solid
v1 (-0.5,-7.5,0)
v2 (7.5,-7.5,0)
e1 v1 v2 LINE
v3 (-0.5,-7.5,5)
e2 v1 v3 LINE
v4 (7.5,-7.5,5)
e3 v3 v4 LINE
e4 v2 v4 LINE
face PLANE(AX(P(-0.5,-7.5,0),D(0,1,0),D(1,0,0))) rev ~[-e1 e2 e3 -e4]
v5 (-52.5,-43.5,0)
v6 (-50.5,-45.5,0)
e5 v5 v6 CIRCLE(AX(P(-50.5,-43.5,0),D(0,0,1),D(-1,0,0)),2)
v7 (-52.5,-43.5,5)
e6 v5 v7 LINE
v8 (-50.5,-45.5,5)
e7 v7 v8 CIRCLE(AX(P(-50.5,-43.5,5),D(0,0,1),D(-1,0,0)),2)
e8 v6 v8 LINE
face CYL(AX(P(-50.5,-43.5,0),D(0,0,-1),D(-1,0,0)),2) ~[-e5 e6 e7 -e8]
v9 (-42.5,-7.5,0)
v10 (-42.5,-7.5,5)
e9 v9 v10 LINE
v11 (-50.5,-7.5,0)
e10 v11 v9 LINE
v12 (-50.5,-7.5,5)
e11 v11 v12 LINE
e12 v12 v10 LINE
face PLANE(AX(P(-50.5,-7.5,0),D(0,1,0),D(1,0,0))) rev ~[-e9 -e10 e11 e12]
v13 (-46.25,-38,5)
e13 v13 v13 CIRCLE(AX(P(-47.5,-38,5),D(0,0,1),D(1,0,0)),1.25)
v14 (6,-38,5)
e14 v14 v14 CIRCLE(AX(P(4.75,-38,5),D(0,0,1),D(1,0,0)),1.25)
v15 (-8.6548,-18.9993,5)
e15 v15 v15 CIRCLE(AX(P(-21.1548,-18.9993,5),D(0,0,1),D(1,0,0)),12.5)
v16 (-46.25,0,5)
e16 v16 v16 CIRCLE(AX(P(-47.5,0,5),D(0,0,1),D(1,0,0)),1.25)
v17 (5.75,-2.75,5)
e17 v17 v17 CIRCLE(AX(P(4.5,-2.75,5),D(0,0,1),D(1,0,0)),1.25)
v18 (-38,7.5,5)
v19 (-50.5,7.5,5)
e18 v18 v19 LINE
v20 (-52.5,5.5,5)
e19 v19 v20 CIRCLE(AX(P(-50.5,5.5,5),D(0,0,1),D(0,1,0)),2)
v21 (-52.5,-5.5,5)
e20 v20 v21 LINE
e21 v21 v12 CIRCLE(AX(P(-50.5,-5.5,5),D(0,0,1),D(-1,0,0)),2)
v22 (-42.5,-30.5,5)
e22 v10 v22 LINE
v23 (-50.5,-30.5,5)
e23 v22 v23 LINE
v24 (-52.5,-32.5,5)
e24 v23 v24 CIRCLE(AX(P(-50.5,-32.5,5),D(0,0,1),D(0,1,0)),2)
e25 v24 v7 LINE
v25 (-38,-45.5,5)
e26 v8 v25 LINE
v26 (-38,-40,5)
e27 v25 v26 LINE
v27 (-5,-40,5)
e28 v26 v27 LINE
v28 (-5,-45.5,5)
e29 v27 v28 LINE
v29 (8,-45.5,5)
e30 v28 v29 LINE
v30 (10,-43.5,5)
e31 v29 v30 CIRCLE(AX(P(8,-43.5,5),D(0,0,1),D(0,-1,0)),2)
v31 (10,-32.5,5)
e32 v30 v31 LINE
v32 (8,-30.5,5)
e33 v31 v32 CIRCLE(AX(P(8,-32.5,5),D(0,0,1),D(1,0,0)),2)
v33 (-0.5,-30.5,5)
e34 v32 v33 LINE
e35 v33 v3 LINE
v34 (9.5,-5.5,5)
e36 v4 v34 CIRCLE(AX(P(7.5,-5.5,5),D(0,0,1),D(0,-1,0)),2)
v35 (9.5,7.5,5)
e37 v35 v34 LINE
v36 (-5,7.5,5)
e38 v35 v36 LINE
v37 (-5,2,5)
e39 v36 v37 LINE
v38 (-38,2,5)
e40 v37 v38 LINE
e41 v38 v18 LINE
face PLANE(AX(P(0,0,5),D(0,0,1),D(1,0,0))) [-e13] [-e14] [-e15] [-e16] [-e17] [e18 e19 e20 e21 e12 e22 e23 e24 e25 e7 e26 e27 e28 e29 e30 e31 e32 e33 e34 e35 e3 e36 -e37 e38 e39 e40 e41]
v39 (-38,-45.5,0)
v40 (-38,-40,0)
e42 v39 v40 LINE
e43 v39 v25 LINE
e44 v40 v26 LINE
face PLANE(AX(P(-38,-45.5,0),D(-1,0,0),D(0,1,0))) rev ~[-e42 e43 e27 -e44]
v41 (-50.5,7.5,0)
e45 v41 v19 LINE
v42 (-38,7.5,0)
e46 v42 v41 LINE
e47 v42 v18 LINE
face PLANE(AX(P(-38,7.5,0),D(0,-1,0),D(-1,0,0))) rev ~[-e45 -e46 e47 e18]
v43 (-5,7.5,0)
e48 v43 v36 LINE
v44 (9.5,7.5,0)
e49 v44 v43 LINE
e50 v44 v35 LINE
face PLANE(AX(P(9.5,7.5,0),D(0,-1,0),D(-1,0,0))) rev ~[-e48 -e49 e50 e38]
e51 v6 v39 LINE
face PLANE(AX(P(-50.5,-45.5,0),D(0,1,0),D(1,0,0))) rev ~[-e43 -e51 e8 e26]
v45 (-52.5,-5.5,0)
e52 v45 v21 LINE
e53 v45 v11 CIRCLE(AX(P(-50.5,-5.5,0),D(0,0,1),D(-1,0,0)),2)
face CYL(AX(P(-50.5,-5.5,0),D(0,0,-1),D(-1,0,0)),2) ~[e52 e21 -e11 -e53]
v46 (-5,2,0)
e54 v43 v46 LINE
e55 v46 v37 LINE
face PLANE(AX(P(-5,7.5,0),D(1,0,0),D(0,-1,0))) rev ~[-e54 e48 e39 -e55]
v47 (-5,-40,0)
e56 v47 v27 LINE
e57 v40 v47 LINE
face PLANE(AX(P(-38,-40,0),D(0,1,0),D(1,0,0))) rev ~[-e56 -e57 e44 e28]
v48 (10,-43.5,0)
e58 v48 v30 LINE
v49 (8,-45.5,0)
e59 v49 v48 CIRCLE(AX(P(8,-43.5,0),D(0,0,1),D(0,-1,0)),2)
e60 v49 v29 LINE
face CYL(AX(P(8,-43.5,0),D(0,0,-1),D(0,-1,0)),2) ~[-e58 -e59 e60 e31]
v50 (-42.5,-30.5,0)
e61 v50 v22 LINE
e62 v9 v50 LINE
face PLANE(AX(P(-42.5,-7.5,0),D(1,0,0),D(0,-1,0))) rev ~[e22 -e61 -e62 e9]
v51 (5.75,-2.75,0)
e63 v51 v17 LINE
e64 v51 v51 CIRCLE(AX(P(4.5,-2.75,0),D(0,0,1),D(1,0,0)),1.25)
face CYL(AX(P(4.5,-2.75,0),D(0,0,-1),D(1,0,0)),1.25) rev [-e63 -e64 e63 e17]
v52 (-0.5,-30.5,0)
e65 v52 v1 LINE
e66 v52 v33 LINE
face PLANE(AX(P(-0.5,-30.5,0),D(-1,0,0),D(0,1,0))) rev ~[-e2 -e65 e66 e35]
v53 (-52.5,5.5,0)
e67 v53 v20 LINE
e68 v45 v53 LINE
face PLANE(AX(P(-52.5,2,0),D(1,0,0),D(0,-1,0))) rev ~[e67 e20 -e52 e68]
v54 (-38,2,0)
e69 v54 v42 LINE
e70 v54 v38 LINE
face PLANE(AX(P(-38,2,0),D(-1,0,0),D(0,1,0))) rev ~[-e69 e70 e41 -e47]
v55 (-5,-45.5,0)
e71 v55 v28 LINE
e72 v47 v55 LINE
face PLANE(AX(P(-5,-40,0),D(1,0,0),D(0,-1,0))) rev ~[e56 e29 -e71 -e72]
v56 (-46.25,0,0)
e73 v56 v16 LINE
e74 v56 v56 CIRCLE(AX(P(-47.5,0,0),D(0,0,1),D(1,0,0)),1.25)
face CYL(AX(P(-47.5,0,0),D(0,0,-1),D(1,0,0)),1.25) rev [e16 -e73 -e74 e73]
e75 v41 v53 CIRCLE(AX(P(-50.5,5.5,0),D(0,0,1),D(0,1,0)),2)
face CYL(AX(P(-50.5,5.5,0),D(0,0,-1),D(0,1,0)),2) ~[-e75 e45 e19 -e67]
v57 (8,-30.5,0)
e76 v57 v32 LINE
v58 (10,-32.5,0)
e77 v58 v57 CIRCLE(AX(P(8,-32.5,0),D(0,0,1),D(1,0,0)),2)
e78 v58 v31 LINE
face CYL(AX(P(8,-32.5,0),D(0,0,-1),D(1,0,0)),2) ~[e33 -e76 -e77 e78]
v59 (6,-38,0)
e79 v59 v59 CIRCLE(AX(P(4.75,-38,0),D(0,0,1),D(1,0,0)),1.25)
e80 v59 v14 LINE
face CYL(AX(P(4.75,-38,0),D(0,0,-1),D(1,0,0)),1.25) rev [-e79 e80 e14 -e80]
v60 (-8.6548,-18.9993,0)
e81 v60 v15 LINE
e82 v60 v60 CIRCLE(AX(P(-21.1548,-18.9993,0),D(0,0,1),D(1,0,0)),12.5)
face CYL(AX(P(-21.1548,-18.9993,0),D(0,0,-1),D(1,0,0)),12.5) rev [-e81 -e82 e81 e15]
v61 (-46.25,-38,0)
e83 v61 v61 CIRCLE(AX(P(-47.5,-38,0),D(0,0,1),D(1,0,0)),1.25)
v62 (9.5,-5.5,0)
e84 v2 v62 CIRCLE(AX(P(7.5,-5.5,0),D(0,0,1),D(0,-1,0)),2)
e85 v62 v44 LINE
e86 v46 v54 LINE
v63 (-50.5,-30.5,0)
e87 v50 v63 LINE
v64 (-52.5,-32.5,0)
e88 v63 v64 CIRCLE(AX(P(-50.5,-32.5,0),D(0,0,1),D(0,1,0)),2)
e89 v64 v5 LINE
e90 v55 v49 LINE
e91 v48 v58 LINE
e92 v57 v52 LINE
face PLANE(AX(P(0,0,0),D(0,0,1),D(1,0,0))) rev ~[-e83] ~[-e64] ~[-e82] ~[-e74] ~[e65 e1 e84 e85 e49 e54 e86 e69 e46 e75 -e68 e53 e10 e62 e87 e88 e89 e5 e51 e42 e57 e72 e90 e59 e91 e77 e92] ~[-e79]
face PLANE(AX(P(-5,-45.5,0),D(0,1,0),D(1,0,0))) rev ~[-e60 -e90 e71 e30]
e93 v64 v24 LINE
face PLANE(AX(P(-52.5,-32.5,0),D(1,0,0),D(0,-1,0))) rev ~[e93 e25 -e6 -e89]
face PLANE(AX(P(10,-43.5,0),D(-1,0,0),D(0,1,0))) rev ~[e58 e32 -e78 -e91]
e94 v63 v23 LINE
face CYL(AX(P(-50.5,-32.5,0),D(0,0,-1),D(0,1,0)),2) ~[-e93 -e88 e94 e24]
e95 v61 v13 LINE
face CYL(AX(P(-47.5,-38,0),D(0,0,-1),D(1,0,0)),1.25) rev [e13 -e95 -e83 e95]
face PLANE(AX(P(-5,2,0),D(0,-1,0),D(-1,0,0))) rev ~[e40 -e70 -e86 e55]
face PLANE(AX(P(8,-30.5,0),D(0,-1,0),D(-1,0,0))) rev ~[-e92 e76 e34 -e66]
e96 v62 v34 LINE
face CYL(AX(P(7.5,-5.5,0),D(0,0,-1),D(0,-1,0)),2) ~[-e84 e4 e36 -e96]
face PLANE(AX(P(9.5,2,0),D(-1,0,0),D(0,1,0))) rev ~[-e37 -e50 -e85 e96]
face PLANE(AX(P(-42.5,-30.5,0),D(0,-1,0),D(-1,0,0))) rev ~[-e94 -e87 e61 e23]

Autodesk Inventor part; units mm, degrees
ref_plane "YZ Plane" through (0, 0, 0) normal (1, 0, 0) x (0, 1, 0)
ref_plane "XZ Plane" through (0, 0, 0) normal (0, 1, 0) x (-1, 0, 0)
ref_plane "XY Plane" through (0, 0, 0) normal (0, 0, 1) x (1, 0, 0)
sketch "Sketch2" plane through (0, 0, 0) normal (0, 0, 1) x (1, 0, 0)
  circle A0 centre (4.5, -2.75) radius 1.25 projected
  line L0 (9.5, 7.5) -> (-5, 7.5) projected
  line L1 (-5, 7.5) -> (-5, 2) projected
  line L2 (-5, 2) -> (-0.5, 2) projected
  line L3 (-0.5, 2) -> (-0.5, -7.5) projected
  line L4 (-0.5, -7.5) -> (7.5, -7.5) projected
  line L5 (9.5, -5.5) -> (9.5, 7.5) projected
  circle A1 centre (4.75, -38) radius 1.25 projected
  line L6 (-5, -45.5) -> (8, -45.5) projected
  line L7 (10, -43.5) -> (10, -32.5) projected
  line L8 (8, -30.5) -> (-0.5, -30.5) projected
  line L9 (-0.5, -30.5) -> (-0.5, -40) projected
  line L10 (-0.5, -40) -> (-5, -40) projected
  line L11 (-5, -40) -> (-5, -45.5) projected
  circle A2 centre (-47.5, -38) radius 1.25 projected
  line L12 (-38, -40) -> (-42.5, -40) projected
  line L13 (-42.5, -40) -> (-42.5, -30.5) projected
  line L14 (-42.5, -30.5) -> (-50.5, -30.5) projected
  line L15 (-52.5, -32.5) -> (-52.5, -43.5) projected
  line L16 (-50.5, -45.5) -> (-38, -45.5) projected
  line L17 (-38, -45.5) -> (-38, -40) projected
  circle A3 centre (-47.5, 0) radius 1.25 projected
  line L18 (-42.5, -7.5) -> (-42.5, 2) projected
  line L19 (-42.5, 2) -> (-38, 2) projected
  line L20 (-38, 2) -> (-38, 7.5) projected
  line L21 (-38, 7.5) -> (-50.5, 7.5) projected
  line L22 (-52.5, 5.5) -> (-52.5, -5.5) projected
  line L23 (-50.5, -7.5) -> (-42.5, -7.5) projected
  circle A4 centre (-21.1548, -18.9993) radius 2.5 projected
  circle A5 centre (-21.1548, -18.9993) radius 12.5 projected
  line L24 (-0.5, 2) -> (-42.5, 2)
  line L25 (-42.5, 2) -> (-42.5, -40)
  line L26 (-42.5, -40) -> (-0.5, -40)
  line L27 (-0.5, -40) -> (-0.5, 2)
  arc A6 (-52.5, -5.5) -> (-50.5, -7.5) centre (-50.5, -5.5) ccw projected
  arc A7 (-50.5, 7.5) -> (-52.5, 5.5) centre (-50.5, 5.5) ccw projected
  arc A8 (8, -45.5) -> (10, -43.5) centre (8, -43.5) ccw projected
  arc A9 (10, -32.5) -> (8, -30.5) centre (8, -32.5) ccw projected
  arc A10 (7.5, -7.5) -> (9.5, -5.5) centre (7.5, -5.5) ccw projected
  arc A11 (-52.5, -43.5) -> (-50.5, -45.5) centre (-50.5, -43.5) ccw projected
  arc A12 (-50.5, -30.5) -> (-52.5, -32.5) centre (-50.5, -32.5) ccw projected
  line L28 (9.5, 2) -> (-52.5, 2)
  line L29 (9.5, 2) -> (-52.5, 2)
  point P0 (0, 0)
extrude "Extrusion1" add sketch "Sketch2" along normal blind 5 contours L5 L28 L2 L1 L0 | L5 A10 L4 L3 L28 | L2 L3 L27 L9 L10 L26 L12 L13 L25 L18 L19 L24 | L19 L28 L22 A7 L21 L20 | L18 L23 A6 L22 L28 | L8 A9 L7 A8 L6 L11 L10 L9 | L13 L12 L17 L16 A11 L15 A12 L14
properties part number "Drzalo_motorja"
